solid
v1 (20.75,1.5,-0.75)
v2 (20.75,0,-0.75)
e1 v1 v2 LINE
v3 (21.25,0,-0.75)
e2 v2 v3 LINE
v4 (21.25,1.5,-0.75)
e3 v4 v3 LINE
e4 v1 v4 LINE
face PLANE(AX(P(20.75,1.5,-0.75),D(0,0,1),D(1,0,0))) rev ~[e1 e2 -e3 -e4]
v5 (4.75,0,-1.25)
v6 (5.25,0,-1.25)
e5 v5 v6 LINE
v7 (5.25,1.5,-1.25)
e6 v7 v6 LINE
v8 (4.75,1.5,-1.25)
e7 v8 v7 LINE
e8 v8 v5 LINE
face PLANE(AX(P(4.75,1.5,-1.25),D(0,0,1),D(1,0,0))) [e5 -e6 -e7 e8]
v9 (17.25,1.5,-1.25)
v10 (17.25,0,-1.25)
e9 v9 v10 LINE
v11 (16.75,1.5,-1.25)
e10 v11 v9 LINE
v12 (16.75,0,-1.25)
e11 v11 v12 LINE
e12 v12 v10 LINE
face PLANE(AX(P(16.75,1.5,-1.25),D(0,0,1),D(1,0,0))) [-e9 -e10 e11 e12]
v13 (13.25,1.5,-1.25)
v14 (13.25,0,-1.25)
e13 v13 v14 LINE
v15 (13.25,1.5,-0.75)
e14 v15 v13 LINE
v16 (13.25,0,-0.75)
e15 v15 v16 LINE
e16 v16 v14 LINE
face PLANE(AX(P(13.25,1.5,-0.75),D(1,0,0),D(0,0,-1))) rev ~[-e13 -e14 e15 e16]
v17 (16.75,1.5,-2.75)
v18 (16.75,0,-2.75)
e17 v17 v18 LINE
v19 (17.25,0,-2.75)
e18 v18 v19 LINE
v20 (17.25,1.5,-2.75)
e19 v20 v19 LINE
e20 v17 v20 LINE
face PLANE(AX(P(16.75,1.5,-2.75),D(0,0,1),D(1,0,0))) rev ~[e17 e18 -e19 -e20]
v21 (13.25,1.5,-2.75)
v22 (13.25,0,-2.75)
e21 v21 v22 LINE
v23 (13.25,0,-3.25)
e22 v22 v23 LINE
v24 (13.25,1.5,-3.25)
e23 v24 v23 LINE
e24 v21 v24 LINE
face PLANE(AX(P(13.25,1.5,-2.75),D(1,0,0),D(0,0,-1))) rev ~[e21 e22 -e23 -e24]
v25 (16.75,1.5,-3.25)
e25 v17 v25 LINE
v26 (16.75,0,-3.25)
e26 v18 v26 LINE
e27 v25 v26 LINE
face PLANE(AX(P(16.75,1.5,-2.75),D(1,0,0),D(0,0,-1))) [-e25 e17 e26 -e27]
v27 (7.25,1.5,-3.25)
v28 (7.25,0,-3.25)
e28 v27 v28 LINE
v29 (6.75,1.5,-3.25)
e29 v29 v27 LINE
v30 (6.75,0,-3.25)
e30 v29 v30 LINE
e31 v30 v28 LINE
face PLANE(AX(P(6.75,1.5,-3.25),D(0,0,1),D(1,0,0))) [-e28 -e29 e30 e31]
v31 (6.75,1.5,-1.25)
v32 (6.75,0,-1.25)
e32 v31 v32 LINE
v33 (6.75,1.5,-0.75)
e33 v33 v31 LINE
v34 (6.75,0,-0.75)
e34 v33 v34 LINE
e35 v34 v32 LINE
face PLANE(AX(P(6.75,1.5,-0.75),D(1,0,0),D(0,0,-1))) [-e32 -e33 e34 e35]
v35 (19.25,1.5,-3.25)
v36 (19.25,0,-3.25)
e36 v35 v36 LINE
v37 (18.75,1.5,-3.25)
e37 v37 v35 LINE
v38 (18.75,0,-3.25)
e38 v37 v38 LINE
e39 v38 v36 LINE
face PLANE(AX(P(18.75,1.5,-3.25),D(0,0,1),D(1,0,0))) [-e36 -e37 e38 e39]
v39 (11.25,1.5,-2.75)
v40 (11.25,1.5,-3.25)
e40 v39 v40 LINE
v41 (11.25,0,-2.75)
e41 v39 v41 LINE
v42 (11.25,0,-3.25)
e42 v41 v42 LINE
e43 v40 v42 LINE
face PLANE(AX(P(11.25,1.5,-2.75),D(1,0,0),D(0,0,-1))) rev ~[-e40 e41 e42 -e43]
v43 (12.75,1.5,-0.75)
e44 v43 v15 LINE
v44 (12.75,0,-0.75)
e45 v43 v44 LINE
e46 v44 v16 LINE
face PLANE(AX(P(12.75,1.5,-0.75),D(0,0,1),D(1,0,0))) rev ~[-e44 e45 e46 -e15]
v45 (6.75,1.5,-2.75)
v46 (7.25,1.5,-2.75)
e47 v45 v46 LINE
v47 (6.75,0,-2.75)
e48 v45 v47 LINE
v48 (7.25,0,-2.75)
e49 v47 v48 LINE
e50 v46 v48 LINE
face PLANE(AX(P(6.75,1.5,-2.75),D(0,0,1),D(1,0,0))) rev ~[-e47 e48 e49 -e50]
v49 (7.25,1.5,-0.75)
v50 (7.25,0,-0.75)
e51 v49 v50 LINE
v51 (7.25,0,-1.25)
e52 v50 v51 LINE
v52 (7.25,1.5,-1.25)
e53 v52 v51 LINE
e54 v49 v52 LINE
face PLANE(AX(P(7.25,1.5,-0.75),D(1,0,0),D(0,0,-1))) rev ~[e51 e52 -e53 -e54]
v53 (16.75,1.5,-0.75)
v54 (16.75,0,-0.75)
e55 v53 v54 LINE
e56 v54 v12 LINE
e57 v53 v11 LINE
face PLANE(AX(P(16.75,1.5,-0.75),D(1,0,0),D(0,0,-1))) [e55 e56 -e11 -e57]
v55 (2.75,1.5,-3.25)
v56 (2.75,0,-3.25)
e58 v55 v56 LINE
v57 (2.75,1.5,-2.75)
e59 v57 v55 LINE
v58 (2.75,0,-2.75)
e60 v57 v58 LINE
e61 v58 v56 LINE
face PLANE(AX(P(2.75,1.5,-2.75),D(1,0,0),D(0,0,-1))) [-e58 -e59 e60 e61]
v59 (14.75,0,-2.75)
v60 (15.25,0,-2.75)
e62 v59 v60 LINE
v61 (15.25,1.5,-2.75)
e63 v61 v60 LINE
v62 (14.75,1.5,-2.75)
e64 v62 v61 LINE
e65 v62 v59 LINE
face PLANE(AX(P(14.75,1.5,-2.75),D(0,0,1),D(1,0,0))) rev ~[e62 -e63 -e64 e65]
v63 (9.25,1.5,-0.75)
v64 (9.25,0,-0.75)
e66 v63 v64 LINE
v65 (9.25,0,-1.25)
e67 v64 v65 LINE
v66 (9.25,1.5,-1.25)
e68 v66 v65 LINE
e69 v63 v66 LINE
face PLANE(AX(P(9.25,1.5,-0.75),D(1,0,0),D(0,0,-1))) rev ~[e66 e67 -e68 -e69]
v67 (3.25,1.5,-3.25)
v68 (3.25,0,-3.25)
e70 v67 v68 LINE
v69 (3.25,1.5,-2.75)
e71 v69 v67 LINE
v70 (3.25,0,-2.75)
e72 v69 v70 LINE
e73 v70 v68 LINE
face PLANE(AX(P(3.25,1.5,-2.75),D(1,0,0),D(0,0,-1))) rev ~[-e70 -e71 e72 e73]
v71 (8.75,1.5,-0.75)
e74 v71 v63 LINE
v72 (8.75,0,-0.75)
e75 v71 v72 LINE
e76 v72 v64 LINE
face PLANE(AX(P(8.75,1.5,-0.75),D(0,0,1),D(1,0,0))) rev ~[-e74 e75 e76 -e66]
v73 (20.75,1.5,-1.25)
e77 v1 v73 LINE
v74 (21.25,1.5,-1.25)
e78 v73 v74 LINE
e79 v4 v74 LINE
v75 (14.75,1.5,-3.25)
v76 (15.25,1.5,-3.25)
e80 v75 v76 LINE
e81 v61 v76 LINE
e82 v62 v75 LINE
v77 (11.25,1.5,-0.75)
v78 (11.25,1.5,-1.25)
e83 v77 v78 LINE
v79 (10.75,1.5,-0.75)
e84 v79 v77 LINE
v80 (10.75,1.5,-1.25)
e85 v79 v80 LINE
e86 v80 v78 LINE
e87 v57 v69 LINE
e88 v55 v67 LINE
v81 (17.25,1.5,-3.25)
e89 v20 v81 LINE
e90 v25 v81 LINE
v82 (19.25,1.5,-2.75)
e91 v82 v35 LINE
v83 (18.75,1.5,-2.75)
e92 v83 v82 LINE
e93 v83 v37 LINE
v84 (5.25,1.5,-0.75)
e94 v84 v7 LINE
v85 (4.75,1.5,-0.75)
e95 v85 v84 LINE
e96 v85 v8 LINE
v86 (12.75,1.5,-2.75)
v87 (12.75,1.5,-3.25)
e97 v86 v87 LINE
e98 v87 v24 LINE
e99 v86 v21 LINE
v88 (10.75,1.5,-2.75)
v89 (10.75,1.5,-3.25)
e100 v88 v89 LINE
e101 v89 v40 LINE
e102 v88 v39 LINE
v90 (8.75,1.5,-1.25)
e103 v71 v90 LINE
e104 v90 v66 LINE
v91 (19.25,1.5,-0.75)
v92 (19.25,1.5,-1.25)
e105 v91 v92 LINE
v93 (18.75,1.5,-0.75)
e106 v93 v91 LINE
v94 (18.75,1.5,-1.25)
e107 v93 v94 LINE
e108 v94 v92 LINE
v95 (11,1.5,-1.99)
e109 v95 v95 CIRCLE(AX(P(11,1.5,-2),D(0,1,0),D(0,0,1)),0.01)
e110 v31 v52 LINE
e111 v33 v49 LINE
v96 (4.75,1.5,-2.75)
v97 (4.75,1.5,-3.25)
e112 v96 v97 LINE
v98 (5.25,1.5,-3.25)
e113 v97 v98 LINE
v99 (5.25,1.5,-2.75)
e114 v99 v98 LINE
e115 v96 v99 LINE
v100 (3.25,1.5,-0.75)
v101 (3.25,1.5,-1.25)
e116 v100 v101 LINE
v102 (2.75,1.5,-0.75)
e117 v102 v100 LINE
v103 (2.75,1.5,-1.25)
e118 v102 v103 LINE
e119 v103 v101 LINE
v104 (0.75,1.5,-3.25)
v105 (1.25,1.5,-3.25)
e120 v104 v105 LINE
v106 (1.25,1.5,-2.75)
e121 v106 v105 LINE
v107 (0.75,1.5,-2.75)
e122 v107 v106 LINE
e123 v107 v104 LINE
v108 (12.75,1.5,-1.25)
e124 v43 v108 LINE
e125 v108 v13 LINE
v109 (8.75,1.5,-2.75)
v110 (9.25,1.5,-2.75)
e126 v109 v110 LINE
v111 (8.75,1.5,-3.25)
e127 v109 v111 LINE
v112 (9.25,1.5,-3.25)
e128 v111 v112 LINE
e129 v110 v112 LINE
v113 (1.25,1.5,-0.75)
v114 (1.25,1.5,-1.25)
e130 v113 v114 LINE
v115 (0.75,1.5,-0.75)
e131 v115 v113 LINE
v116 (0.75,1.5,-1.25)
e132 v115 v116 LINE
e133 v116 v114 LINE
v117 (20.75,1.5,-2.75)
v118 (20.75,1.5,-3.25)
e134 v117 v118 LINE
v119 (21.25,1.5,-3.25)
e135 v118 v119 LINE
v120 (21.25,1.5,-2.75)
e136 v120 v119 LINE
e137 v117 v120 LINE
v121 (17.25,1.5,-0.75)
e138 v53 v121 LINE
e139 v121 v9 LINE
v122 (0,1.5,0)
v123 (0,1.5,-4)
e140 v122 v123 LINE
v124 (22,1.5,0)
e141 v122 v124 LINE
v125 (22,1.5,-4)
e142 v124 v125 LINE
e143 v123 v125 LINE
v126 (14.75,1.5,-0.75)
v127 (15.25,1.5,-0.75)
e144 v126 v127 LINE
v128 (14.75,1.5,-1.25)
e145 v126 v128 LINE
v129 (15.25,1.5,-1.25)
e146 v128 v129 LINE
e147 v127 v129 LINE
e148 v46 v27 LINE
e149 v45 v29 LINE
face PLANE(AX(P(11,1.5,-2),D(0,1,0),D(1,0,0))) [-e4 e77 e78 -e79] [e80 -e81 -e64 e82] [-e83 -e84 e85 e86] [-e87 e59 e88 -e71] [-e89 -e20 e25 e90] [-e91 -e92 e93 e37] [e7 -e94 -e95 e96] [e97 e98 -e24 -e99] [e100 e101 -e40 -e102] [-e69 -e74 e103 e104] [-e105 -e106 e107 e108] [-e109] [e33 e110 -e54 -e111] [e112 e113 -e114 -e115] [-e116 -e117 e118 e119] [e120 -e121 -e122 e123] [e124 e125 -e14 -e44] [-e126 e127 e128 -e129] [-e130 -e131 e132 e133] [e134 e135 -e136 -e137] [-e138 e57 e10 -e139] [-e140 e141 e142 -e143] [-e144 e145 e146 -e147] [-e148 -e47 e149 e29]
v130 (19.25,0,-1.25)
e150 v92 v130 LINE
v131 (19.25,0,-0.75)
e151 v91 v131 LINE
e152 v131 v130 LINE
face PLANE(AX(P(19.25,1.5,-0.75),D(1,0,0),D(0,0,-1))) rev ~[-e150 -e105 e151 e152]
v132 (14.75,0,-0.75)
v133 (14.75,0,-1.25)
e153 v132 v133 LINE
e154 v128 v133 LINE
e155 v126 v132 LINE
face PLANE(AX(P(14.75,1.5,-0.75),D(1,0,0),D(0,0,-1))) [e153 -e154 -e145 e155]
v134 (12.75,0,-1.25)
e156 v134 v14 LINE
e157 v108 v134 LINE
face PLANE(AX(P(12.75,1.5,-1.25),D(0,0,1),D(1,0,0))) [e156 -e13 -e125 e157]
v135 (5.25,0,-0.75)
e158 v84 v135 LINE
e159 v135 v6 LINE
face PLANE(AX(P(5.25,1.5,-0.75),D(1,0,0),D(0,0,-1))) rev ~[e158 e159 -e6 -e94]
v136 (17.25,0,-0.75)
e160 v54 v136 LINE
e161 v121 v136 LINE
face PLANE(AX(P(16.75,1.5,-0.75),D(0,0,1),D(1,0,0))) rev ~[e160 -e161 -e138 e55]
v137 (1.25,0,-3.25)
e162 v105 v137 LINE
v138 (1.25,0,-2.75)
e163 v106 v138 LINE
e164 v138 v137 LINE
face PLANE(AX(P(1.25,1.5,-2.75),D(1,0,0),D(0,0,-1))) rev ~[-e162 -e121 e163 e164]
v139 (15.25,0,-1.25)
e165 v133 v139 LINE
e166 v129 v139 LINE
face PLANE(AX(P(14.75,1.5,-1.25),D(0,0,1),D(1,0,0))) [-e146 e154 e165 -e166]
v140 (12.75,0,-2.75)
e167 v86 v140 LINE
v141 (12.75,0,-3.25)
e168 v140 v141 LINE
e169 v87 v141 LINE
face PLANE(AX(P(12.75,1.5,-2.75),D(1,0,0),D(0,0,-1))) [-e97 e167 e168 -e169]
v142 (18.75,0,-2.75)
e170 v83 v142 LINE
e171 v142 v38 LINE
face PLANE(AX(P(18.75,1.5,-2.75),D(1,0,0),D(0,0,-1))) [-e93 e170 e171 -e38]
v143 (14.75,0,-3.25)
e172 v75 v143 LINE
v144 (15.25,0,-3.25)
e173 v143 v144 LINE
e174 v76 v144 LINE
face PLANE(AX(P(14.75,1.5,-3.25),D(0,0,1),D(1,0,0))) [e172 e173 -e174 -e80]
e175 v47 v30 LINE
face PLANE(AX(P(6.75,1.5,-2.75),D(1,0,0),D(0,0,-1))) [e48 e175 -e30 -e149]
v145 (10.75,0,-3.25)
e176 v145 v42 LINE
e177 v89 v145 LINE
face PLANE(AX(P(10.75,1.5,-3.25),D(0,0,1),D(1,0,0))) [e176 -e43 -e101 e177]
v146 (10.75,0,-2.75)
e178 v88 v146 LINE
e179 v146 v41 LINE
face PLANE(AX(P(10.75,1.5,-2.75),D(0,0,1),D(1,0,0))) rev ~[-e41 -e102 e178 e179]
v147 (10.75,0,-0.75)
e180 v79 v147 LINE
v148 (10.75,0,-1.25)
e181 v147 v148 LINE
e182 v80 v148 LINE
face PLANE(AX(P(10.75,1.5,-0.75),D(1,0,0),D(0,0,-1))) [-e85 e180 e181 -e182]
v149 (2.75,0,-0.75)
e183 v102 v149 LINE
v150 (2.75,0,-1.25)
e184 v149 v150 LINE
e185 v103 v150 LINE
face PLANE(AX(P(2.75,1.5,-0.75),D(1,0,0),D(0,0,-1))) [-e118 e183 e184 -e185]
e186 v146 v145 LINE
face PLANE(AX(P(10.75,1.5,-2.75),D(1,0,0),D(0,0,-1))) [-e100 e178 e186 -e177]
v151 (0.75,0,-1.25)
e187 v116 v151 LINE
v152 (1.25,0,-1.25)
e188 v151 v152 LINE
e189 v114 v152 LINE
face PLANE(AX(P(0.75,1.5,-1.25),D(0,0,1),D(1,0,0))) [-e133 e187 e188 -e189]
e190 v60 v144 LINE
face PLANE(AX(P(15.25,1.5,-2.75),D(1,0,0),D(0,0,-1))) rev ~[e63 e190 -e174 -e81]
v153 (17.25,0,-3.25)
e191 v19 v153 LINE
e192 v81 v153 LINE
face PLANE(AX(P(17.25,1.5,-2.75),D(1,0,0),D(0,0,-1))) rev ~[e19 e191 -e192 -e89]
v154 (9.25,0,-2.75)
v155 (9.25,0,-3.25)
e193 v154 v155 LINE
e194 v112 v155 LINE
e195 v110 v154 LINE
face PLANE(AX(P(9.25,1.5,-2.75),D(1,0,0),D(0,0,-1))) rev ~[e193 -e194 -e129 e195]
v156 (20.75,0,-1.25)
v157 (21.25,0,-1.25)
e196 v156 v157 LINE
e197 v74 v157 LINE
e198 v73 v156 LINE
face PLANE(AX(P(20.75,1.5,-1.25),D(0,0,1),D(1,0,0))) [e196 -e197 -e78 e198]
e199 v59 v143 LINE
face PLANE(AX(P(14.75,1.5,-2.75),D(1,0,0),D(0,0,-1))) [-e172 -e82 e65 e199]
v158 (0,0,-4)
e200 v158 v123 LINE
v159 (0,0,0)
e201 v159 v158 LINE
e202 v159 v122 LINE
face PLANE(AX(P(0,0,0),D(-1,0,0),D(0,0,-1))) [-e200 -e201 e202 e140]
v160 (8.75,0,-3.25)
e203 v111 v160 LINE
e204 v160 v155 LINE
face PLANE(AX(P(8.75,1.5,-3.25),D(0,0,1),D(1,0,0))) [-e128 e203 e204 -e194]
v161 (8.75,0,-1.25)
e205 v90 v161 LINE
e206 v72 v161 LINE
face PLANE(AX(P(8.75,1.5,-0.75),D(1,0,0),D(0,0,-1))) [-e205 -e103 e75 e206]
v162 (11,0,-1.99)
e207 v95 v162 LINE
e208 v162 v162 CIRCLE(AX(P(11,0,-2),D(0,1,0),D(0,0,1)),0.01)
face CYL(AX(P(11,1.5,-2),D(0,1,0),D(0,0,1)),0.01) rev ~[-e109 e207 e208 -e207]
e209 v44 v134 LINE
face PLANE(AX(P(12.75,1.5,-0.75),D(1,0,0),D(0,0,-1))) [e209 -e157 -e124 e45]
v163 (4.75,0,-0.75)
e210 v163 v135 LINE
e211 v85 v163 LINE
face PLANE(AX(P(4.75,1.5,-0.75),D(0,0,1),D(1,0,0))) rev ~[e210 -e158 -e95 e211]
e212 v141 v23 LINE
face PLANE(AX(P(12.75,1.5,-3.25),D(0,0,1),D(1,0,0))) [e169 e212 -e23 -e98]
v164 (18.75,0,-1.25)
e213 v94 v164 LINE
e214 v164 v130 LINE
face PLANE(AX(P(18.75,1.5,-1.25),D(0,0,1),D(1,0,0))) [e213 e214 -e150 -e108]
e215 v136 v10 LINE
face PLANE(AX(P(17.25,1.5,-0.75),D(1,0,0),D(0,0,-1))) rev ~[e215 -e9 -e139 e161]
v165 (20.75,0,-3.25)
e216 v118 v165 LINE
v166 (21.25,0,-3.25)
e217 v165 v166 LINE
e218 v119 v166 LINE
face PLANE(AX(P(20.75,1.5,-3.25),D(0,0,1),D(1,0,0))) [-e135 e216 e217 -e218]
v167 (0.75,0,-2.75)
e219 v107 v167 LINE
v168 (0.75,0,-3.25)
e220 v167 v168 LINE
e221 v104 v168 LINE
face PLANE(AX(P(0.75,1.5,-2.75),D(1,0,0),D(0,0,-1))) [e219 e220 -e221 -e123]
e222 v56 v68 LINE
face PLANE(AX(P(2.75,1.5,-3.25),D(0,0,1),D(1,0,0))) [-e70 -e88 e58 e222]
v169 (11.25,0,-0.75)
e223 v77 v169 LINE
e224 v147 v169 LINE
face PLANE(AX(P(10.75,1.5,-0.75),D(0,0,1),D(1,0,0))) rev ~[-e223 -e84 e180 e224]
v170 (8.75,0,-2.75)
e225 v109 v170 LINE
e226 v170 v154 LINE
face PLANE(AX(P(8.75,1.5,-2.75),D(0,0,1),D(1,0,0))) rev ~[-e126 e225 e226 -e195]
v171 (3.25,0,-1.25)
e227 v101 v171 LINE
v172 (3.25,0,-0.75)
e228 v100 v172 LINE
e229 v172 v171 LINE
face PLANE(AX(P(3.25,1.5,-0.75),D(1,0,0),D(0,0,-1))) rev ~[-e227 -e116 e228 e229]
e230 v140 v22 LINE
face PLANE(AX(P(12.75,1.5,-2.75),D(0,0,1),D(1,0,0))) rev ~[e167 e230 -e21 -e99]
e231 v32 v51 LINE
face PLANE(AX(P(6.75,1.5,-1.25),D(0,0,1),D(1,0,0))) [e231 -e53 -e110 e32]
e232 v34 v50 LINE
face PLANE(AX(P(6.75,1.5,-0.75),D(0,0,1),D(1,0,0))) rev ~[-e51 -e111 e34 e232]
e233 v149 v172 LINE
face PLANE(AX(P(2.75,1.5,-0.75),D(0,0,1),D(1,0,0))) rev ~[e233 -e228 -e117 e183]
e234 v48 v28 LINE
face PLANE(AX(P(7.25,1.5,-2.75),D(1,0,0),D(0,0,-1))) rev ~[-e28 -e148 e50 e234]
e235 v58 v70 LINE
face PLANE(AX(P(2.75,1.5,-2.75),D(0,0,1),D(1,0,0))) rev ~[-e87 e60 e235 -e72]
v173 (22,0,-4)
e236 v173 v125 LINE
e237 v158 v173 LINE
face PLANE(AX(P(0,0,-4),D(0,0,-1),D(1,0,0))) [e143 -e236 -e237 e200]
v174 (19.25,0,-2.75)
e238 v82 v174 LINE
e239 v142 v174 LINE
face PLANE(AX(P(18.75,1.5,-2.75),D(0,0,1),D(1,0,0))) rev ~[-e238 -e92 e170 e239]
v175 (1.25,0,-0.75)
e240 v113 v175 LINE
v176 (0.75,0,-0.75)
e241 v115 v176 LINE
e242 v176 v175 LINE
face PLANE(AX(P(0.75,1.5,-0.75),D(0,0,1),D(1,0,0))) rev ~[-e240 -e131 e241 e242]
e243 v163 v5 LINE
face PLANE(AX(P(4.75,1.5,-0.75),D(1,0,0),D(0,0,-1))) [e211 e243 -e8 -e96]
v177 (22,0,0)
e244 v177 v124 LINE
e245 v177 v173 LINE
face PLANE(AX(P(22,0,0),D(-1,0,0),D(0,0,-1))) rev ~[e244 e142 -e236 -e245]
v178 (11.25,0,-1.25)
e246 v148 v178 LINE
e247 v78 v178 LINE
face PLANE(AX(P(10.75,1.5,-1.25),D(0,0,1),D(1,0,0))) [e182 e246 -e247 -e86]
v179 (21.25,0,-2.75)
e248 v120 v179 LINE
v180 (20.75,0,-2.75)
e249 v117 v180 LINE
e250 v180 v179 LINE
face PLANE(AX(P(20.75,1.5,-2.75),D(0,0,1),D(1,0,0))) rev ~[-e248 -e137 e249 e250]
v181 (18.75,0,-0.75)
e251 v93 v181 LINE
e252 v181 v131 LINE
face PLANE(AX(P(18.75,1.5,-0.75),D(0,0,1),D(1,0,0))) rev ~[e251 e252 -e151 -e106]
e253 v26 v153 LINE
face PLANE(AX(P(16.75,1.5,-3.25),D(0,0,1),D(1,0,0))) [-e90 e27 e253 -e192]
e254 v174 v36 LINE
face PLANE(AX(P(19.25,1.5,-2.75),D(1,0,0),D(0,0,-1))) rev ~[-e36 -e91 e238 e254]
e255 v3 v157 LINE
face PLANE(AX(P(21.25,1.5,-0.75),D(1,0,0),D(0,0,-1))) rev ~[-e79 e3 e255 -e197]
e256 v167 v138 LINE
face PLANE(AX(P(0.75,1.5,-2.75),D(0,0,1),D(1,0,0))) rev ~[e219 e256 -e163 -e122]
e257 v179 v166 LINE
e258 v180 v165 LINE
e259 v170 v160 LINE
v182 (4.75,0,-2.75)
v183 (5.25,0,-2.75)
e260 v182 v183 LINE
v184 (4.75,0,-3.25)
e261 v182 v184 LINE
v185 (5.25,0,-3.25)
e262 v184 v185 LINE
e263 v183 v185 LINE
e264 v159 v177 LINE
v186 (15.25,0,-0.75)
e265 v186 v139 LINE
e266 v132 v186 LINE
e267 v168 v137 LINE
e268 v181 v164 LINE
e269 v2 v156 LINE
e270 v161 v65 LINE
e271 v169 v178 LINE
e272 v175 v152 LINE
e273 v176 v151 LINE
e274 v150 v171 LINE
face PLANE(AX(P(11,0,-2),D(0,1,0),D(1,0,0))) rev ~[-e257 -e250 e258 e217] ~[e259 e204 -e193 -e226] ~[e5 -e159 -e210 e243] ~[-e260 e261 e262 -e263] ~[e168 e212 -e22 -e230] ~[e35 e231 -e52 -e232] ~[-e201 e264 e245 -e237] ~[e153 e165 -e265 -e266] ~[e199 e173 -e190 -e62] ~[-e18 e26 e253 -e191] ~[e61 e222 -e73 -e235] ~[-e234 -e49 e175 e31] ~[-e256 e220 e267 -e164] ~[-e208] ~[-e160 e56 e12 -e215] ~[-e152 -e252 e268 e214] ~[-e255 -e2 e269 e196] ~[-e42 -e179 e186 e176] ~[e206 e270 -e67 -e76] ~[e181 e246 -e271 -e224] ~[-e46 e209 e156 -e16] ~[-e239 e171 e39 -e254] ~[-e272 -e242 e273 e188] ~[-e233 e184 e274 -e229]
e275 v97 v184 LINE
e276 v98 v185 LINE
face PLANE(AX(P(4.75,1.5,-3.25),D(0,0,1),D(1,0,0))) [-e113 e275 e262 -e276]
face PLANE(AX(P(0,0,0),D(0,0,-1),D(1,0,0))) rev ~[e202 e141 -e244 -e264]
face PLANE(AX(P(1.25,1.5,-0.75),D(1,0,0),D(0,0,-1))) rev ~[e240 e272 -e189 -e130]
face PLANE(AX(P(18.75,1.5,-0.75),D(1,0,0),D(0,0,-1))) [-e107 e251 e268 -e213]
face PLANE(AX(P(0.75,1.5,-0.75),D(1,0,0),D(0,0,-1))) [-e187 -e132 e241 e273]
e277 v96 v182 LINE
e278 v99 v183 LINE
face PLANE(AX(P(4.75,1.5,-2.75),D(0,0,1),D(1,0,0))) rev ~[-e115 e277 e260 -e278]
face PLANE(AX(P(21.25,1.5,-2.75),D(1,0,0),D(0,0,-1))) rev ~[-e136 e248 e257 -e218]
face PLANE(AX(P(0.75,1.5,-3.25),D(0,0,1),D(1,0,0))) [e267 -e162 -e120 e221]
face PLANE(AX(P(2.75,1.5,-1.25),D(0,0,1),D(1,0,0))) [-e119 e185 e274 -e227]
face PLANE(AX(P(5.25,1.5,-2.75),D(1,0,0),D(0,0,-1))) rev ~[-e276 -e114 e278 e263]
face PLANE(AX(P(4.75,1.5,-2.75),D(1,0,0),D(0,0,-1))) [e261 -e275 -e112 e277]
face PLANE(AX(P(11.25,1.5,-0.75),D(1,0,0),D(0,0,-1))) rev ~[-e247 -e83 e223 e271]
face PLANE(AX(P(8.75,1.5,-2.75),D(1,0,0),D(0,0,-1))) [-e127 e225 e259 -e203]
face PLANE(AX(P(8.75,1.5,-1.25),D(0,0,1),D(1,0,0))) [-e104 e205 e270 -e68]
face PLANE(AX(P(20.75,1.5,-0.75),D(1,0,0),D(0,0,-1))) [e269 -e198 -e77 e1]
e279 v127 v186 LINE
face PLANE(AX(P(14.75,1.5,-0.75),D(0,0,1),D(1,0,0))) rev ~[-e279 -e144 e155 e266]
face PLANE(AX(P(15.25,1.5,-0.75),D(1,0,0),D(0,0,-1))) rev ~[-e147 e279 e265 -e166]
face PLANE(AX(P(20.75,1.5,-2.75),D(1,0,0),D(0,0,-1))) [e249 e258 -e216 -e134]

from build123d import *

# Parameters (mm, degrees)
SKETCH1_W           = 22
SKETCH1_H           = 4
BOSS_EXTRUDE1_DEPTH = 1.5
SKETCH2_W           = 0.5
SKETCH2_H           = 0.5
CUT_EXTRUDE1_DEPTH  = 2
SKETCH3_R           = 0.01
CUT_EXTRUDE2_DEPTH  = 1.5


with BuildPart() as part:
    # Sketch1 → Boss-Extrude1 (new body)
    with BuildSketch(Plane(origin=(0, 0, 0), x_dir=(1, 0, 0), z_dir=(0, 1, 0))):
        with Locations((11, 2)):
            Rectangle(SKETCH1_W, SKETCH1_H)
    extrude(amount=BOSS_EXTRUDE1_DEPTH)

    # Sketch2 → Cut-Extrude1 (cut)
    with BuildSketch(Plane(origin=(0, 1.5, 0), x_dir=(1, 0, 0), z_dir=(0, 1, 0))):
        with Locations((3, 3)):
            Rectangle(SKETCH2_W, SKETCH2_H)
        with Locations((1, 3)):
            Rectangle(SKETCH2_W, SKETCH2_H)
        with Locations((5, 3)):
            Rectangle(SKETCH2_W, SKETCH2_H)
        with Locations((7, 3)):
            Rectangle(SKETCH2_W, SKETCH2_H)
        with Locations((9, 3)):
            Rectangle(SKETCH2_W, SKETCH2_H)
        with Locations((11, 3)):
            Rectangle(SKETCH2_W, SKETCH2_H)
        with Locations((13, 3)):
            Rectangle(SKETCH2_W, SKETCH2_H)
        with Locations((15, 3)):
            Rectangle(SKETCH2_W, SKETCH2_H)
        with Locations((17, 3)):
            Rectangle(SKETCH2_W, SKETCH2_H)
        with Locations((19, 3)):
            Rectangle(SKETCH2_W, SKETCH2_H)
        with Locations((21, 3)):
            Rectangle(SKETCH2_W, SKETCH2_H)
        with Locations((1, 1)):
            Rectangle(SKETCH2_W, SKETCH2_H)
        with Locations((3, 1)):
            Rectangle(SKETCH2_W, SKETCH2_H)
        with Locations((5, 1)):
            Rectangle(SKETCH2_W, SKETCH2_H)
        with Locations((7, 1)):
            Rectangle(SKETCH2_W, SKETCH2_H)
        with Locations((9, 1)):
            Rectangle(SKETCH2_W, SKETCH2_H)
        with Locations((11, 1)):
            Rectangle(SKETCH2_W, SKETCH2_H)
        with Locations((13, 1)):
            Rectangle(SKETCH2_W, SKETCH2_H)
        with Locations((15, 1)):
            Rectangle(SKETCH2_W, SKETCH2_H)
        with Locations((17, 1)):
            Rectangle(SKETCH2_W, SKETCH2_H)
        with Locations((19, 1)):
            Rectangle(SKETCH2_W, SKETCH2_H)
        with Locations((21, 1)):
            Rectangle(SKETCH2_W, SKETCH2_H)
    extrude(amount=-CUT_EXTRUDE1_DEPTH, mode=Mode.SUBTRACT)

    # Sketch3 → Cut-Extrude2 (cut)
    with BuildSketch(Plane(origin=(0, 1.5, 0), x_dir=(1, 0, 0), z_dir=(0, 1, 0))):
        with Locations((11, 2)):
            Circle(SKETCH3_R)
    extrude(amount=-CUT_EXTRUDE2_DEPTH, mode=Mode.SUBTRACT)


solid = part.part
